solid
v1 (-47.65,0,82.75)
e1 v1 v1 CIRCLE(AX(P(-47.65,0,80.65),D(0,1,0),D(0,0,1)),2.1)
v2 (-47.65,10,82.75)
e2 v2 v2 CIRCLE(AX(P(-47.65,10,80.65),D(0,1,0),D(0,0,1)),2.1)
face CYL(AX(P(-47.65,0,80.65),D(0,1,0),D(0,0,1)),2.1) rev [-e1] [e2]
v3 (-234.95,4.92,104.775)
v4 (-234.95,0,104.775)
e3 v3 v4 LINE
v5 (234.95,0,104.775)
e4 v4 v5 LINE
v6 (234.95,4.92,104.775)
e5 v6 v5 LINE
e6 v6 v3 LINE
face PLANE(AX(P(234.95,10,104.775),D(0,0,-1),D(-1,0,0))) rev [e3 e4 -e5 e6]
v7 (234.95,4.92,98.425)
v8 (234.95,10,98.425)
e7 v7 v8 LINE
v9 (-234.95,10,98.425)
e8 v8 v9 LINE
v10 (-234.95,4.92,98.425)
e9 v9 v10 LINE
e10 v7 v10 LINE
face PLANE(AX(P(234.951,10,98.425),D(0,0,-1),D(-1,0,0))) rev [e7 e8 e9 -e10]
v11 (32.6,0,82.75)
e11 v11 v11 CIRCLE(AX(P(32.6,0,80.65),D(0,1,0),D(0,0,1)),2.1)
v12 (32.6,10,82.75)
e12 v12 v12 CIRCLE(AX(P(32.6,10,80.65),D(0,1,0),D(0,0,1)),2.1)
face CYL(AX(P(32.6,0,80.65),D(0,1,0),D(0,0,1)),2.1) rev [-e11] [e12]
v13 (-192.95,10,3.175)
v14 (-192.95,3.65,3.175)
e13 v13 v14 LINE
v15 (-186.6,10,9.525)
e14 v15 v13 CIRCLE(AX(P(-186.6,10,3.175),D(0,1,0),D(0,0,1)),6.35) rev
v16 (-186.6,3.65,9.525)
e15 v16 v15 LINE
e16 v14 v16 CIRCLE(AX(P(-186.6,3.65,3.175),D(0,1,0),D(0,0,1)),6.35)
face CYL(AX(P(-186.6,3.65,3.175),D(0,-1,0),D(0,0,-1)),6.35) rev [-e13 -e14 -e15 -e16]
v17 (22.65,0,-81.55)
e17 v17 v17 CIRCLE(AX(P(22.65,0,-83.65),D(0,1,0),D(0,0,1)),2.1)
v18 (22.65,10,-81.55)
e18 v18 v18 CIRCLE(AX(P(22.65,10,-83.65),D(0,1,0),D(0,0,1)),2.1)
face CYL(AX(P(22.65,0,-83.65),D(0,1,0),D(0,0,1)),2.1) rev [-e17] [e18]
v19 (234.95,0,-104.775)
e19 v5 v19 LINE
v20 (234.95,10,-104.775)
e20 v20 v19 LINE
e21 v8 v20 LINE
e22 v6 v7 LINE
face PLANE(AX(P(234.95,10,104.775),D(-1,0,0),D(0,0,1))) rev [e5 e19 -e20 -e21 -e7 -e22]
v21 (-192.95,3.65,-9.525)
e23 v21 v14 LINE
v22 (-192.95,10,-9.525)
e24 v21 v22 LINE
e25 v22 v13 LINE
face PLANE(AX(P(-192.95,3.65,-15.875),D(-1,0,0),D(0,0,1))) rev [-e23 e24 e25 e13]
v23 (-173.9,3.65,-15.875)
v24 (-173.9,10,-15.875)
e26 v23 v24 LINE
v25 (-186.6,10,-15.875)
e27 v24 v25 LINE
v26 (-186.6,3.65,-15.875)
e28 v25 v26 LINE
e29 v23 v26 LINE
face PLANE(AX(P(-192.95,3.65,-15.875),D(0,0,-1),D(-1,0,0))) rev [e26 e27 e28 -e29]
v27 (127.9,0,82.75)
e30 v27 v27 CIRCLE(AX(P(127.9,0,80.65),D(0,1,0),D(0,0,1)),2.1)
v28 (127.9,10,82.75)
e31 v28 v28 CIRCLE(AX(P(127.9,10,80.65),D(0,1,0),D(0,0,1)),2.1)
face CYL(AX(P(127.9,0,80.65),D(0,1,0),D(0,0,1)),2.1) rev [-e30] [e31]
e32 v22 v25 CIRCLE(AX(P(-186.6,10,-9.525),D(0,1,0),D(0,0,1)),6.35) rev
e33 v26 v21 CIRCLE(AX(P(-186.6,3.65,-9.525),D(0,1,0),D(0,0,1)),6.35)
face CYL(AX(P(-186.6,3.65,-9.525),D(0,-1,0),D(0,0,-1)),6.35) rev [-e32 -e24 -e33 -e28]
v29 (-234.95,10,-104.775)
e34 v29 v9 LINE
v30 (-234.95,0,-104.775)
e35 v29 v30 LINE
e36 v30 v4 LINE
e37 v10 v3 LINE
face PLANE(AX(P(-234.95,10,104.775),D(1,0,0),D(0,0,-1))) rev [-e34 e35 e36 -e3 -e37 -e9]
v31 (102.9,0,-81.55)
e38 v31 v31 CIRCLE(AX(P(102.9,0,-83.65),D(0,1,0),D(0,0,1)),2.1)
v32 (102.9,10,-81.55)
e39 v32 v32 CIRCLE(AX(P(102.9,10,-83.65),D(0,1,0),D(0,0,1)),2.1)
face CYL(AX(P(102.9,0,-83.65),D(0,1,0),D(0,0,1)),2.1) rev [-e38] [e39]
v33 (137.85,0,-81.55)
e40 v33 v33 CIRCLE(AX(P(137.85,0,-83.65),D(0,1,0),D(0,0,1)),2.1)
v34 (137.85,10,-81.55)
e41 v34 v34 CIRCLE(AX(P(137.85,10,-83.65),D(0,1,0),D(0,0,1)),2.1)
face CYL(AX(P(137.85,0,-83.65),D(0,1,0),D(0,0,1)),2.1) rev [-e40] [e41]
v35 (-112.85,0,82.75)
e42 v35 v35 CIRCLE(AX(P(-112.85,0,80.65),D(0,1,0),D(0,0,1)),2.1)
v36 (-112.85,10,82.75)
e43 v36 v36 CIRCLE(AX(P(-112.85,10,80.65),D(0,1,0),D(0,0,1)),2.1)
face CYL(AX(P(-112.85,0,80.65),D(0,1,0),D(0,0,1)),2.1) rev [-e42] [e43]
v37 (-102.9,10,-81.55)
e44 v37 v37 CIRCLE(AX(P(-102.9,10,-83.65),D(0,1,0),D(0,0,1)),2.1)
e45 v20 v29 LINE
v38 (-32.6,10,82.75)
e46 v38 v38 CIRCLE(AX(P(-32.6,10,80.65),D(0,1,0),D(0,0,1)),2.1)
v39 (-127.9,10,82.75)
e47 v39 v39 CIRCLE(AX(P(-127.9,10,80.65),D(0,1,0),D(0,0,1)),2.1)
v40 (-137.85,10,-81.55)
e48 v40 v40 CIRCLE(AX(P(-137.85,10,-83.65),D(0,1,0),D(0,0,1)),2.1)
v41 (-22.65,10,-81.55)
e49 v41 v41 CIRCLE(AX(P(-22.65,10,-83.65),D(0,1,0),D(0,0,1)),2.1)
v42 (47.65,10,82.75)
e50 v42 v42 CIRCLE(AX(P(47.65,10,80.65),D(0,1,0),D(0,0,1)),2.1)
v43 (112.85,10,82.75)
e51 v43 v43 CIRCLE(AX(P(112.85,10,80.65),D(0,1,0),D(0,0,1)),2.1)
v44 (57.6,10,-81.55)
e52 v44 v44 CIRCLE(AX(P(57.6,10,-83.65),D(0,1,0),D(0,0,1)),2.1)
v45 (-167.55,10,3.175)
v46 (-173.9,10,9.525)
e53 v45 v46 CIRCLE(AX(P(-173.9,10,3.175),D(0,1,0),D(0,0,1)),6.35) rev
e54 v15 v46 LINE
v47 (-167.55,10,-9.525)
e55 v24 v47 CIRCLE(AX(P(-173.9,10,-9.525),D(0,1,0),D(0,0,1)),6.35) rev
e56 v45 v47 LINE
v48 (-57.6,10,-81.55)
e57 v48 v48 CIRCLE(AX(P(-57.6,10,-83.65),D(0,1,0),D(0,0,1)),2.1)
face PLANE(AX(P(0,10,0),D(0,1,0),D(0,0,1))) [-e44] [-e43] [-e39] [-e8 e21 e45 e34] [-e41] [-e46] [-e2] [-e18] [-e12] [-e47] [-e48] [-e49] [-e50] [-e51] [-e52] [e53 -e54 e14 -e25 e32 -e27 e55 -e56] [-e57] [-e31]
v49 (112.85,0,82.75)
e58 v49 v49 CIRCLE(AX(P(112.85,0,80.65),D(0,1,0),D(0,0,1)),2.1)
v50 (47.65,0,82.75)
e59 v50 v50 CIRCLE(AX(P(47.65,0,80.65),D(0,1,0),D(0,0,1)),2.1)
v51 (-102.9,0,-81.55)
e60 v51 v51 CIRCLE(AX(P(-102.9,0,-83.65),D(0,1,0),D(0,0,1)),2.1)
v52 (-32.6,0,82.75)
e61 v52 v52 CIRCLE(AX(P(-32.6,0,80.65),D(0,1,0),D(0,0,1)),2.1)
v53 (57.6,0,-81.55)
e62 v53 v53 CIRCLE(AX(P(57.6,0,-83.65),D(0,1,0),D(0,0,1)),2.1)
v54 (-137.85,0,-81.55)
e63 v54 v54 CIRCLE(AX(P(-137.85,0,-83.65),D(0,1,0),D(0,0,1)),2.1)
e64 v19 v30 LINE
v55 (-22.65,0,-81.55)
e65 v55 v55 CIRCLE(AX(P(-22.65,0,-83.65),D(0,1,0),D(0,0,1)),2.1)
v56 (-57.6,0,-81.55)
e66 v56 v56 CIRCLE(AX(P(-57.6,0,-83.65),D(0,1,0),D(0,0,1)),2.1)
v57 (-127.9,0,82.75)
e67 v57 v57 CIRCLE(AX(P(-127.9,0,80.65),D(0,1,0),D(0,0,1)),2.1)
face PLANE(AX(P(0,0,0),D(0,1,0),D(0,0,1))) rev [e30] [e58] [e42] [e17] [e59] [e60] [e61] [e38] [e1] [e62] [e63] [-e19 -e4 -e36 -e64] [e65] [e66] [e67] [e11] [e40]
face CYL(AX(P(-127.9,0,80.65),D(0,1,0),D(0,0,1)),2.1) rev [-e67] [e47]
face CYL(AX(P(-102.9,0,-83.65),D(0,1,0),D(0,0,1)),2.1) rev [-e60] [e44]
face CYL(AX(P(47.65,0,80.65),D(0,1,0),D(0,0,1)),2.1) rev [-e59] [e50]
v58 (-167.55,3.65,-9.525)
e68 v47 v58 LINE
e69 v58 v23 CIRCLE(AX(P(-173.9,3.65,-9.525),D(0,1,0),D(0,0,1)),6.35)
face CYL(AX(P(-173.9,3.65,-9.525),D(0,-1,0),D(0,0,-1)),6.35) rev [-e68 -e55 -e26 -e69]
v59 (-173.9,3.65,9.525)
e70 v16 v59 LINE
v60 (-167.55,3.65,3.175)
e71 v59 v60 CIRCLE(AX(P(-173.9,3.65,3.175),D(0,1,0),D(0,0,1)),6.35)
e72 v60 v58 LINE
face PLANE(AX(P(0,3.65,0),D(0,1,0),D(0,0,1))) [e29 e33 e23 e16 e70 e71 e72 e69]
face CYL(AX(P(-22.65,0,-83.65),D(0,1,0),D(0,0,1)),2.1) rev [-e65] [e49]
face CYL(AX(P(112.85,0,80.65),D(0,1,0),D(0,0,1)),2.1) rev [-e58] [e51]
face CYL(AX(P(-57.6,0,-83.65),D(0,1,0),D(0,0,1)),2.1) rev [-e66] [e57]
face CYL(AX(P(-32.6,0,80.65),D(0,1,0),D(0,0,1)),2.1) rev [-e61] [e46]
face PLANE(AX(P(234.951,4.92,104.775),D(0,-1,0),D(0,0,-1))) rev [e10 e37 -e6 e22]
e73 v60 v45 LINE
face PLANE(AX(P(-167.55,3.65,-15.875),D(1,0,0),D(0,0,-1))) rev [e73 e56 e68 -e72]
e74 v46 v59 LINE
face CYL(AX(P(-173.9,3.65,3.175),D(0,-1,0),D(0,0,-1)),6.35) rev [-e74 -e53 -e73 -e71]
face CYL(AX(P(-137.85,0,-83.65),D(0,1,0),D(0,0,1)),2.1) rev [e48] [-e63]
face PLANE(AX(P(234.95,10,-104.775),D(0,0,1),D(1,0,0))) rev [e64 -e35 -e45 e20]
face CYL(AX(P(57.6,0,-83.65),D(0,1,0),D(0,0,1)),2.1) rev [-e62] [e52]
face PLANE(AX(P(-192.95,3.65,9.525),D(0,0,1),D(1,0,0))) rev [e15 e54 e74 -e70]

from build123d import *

# Parameters (mm, degrees)
SKETCH3_W           = 469.9
SKETCH3_H           = 209.55
BOSS_EXTRUDE1_DEPTH = 10
SKETCH4_R           = 2.1
CUT_EXTRUDE3_DEPTH  = 258.447670654
SKETCH5_R           = 2.1
CUT_EXTRUDE4_DEPTH  = 258.447670654
SKETCH7_W           = 25.4
SKETCH7_H           = 25.4
CUT_EXTRUDE5_DEPTH  = 6.35
CUT_EXTRUDE6_REACH  = 483.543
SKETCH8_W           = 6.35
SKETCH8_H           = 5.08
FILLET1_R           = 6.35


with BuildPart() as part:
    # Sketch3 → Boss-Extrude1 (new body)
    with BuildSketch(Plane(origin=(0, 0, 0), x_dir=(1, 0, 0), z_dir=(0, 1, 0))):
        Rectangle(SKETCH3_W, SKETCH3_H)
    extrude(amount=BOSS_EXTRUDE1_DEPTH)

    # Sketch4 → Cut-Extrude3 (cut, through all)
    with BuildSketch(Plane(origin=(0, 10, 0), x_dir=(1, 0, 0), z_dir=(0, 1, 0))):
        with Locations(Location((-102.9, 83.65, 0), (0, 0, 270))):
            Circle(SKETCH4_R)
        with Locations(Location((-22.65, 83.65, 0), (0, 0, 270))):
            Circle(SKETCH4_R)
        with Locations(Location((57.6, 83.65, 0), (0, 0, 270))):
            Circle(SKETCH4_R)
        with Locations(Location((137.85, 83.65, 0), (0, 0, 270))):
            Circle(SKETCH4_R)
        with Locations(Location((112.85, -80.65, 0), (0, 0, 270))):
            Circle(SKETCH4_R)
        with Locations(Location((32.6, -80.65, 0), (0, 0, 270))):
            Circle(SKETCH4_R)
        with Locations(Location((-47.65, -80.65, 0), (0, 0, 270))):
            Circle(SKETCH4_R)
        with Locations(Location((-127.9, -80.65, 0), (0, 0, 270))):
            Circle(SKETCH4_R)
    extrude(amount=-CUT_EXTRUDE3_DEPTH, mode=Mode.SUBTRACT)

    # Sketch5 → Cut-Extrude4 (cut, through all)
    with BuildSketch(Plane(origin=(0, 10, 0), x_dir=(1, 0, 0), z_dir=(0, 1, 0))):
        with Locations(Location((-137.85, 83.65, 0), (0, 0, 270))):
            Circle(SKETCH5_R)
        with Locations(Location((-57.6, 83.65, 0), (0, 0, 270))):
            Circle(SKETCH5_R)
        with Locations(Location((22.65, 83.65, 0), (0, 0, 270))):
            Circle(SKETCH5_R)
        with Locations(Location((102.9, 83.65, 0), (0, 0, 270))):
            Circle(SKETCH5_R)
        with Locations(Location((-112.85, -80.65, 0), (0, 0, 270))):
            Circle(SKETCH5_R)
        with Locations(Location((-32.6, -80.65, 0), (0, 0, 270))):
            Circle(SKETCH5_R)
        with Locations(Location((47.65, -80.65, 0), (0, 0, 270))):
            Circle(SKETCH5_R)
        with Locations(Location((127.9, -80.65, 0), (0, 0, 270))):
            Circle(SKETCH5_R)
    extrude(amount=-CUT_EXTRUDE4_DEPTH, mode=Mode.SUBTRACT)

    # Sketch7 → Cut-Extrude5 (cut)
    with BuildSketch(Plane(origin=(0, 10, 0), x_dir=(1, 0, 0), z_dir=(0, 1, 0))):
        with Locations((-180.25, 3.175)):
            Rectangle(SKETCH7_W, SKETCH7_H)
    extrude(amount=-CUT_EXTRUDE5_DEPTH, mode=Mode.SUBTRACT)

    # Sketch8 → Cut-Extrude6 (cut, up to next)
    with BuildSketch(Plane.ZY.offset(234.95), mode=Mode.PRIVATE) as cut_extrude6_sk1:
        with Locations((101.6, 7.46)):
            Rectangle(SKETCH8_W, SKETCH8_H)
    cut_extrude6_tool1 = extrude(cut_extrude6_sk1.sketch, amount=-CUT_EXTRUDE6_REACH, mode=Mode.PRIVATE) & part.part
    add(cut_extrude6_tool1.solids().sort_by_distance((-234.95, 7.46, 101.6))[0], mode=Mode.SUBTRACT)

    # Fillet1
    fillet1_edges = [part.edges().sort_by_distance(p)[0] for p in [
        (-167.55, 6.825, -15.875),
        (-167.55, 6.825, 9.525),
        (-192.95, 6.825, 9.525),
        (-192.95, 6.825, -15.875),
    ]]
    fillet(fillet1_edges, radius=FILLET1_R)


solid = part.part
